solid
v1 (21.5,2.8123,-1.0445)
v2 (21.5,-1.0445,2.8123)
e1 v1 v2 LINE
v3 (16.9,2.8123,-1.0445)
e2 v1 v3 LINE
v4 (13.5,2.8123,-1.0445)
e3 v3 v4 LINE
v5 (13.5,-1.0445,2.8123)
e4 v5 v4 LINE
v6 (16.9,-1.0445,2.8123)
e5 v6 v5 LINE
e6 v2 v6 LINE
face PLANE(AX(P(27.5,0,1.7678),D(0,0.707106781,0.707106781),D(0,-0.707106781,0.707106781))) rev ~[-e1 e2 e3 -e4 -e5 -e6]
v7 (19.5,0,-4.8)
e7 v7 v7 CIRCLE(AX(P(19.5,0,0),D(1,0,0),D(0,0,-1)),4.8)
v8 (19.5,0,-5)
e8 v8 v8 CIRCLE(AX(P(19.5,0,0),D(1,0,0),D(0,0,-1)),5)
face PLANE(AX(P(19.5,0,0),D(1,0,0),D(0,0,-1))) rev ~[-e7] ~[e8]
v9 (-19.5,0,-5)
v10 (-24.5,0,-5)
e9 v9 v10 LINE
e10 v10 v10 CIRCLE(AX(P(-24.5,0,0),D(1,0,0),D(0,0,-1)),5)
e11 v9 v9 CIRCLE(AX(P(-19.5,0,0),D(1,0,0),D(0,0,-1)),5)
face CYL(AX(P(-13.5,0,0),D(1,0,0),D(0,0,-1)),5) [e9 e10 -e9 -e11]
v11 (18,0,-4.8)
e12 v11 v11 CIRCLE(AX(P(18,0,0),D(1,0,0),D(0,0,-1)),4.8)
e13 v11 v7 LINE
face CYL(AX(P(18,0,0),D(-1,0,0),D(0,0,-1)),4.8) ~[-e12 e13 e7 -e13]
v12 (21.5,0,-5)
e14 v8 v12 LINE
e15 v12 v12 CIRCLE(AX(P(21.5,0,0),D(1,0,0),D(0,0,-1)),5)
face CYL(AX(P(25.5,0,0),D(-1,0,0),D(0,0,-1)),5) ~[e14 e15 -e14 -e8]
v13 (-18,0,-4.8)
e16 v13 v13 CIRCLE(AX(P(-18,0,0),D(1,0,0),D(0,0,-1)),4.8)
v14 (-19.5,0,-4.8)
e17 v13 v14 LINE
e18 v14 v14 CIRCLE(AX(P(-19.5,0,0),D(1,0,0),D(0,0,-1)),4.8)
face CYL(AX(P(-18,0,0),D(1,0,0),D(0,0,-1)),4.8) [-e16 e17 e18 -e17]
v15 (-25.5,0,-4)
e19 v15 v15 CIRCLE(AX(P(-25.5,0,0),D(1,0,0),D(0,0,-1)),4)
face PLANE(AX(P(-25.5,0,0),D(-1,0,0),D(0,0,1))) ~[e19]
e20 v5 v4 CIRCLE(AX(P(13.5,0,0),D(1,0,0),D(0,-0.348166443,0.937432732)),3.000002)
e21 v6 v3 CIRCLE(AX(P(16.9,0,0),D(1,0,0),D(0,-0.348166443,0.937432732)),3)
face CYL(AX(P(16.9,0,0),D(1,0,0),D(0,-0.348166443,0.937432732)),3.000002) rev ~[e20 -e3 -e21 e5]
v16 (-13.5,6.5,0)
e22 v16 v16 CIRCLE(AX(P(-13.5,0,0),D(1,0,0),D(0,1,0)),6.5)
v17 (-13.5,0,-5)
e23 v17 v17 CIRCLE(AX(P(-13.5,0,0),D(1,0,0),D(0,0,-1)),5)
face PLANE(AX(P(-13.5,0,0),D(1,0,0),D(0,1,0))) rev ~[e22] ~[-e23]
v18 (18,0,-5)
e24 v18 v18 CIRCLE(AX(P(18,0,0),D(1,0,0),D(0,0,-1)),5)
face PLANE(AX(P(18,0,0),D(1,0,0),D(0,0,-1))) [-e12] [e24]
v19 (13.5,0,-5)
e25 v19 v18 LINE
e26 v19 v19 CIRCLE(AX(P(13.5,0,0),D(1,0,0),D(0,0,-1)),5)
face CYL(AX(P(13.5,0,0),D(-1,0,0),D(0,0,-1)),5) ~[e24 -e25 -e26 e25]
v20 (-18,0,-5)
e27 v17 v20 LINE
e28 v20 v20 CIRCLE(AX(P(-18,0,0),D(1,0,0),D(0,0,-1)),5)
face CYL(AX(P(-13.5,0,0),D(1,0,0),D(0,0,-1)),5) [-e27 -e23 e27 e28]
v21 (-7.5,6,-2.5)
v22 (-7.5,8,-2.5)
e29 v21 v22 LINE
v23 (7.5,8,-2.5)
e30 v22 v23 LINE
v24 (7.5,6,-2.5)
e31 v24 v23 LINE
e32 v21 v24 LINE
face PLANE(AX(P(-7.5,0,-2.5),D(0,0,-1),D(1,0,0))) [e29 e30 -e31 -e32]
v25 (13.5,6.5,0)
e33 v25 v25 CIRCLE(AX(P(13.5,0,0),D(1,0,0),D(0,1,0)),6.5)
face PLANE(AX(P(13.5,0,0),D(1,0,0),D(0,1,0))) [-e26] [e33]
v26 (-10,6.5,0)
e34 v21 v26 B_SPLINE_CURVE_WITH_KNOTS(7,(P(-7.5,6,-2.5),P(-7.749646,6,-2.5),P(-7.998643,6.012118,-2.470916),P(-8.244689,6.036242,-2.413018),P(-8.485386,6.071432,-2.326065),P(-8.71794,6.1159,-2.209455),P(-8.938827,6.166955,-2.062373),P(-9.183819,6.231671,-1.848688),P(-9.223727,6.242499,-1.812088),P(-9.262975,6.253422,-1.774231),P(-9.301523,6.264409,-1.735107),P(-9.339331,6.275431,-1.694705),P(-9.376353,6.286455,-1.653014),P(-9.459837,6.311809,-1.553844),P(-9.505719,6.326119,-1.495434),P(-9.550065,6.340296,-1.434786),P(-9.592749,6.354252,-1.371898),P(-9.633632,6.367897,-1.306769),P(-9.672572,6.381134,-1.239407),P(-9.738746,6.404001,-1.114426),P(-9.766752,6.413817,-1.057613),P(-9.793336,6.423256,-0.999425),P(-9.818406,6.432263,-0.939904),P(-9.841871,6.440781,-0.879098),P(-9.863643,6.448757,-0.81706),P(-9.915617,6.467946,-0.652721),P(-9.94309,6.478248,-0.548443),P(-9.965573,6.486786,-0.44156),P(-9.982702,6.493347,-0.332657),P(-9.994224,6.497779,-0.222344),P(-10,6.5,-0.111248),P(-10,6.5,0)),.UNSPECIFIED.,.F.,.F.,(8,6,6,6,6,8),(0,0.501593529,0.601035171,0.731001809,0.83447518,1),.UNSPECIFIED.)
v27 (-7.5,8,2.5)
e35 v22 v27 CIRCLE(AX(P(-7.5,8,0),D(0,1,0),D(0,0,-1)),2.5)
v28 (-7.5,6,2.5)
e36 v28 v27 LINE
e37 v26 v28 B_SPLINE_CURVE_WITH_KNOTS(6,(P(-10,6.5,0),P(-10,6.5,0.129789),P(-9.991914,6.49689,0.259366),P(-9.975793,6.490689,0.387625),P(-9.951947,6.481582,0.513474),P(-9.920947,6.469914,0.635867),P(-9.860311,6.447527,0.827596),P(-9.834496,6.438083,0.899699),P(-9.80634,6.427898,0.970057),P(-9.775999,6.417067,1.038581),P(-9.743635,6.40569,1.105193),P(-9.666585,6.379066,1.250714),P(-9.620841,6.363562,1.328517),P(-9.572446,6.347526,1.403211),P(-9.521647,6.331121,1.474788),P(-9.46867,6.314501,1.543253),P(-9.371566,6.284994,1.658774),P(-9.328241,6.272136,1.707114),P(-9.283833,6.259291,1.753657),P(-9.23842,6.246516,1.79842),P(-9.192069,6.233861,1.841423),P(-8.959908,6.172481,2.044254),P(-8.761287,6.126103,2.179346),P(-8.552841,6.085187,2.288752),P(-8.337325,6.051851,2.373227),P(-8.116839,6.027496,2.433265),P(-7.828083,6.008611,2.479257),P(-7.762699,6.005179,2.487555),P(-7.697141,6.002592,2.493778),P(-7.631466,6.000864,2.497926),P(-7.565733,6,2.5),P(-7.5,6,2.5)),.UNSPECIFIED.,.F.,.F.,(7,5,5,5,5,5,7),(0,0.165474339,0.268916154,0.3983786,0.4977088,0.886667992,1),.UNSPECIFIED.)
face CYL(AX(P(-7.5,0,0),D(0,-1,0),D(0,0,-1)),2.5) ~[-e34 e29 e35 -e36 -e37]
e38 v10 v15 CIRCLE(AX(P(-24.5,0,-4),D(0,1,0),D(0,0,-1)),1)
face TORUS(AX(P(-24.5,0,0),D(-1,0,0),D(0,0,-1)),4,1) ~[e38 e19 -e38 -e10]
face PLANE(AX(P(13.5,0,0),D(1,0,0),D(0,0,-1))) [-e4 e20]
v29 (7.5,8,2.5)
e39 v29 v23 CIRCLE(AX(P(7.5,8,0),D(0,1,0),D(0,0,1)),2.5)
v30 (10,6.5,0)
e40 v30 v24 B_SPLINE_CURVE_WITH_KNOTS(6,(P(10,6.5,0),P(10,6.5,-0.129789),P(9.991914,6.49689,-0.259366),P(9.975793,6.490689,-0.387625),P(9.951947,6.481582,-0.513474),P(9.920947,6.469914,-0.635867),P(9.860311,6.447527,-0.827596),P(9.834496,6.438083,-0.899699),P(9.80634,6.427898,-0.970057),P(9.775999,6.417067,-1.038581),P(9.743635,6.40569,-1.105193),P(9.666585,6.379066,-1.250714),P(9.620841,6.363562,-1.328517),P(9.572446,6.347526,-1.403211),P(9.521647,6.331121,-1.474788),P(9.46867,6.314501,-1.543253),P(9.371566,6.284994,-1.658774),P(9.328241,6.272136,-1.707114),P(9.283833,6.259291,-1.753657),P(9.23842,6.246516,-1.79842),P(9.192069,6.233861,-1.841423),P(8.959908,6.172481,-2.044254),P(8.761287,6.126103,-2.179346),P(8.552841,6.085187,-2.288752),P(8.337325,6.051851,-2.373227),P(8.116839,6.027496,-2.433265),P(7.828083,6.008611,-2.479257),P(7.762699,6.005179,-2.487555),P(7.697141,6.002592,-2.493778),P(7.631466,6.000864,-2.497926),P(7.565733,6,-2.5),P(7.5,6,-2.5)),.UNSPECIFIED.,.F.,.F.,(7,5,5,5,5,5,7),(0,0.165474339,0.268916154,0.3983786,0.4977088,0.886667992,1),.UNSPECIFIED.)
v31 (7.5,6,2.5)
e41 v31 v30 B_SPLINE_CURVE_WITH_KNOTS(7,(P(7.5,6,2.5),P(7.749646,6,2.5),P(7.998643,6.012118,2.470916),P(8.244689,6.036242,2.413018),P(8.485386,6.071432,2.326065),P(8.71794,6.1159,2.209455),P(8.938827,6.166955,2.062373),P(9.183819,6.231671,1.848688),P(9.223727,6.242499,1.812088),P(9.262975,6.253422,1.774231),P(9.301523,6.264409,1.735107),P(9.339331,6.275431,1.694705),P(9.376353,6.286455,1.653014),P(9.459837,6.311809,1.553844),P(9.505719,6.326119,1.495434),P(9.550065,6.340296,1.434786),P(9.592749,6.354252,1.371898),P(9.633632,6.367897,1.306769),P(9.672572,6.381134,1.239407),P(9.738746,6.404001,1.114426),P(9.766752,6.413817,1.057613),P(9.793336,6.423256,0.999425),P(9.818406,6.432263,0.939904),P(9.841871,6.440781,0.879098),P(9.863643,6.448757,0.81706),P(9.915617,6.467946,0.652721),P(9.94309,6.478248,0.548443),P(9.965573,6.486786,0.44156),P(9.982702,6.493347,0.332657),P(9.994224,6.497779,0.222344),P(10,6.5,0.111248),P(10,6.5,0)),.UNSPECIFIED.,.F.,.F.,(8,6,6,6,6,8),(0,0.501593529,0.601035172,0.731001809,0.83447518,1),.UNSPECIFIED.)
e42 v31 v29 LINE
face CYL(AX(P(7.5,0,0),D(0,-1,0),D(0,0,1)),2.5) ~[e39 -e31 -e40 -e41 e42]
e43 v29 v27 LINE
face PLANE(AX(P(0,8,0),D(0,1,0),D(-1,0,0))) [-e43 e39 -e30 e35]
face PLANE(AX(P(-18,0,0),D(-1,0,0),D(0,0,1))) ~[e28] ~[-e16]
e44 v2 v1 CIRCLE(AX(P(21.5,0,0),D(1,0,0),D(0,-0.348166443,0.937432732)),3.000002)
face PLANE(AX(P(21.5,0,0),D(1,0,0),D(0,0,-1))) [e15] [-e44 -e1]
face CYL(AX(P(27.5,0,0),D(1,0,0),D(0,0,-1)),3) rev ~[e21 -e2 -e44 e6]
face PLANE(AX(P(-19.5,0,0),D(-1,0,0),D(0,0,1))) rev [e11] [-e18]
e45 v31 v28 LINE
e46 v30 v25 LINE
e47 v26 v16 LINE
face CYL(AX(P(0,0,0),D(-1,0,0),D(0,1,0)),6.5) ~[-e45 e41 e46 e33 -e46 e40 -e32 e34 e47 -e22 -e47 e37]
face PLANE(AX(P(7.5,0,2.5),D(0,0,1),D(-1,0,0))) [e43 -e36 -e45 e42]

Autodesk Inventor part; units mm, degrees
ref_plane "YZ Plane" through (0, 0, 0) normal (1, 0, 0) x (0, 1, 0)
ref_plane "XZ Plane" through (0, 0, 0) normal (0, 1, 0) x (-1, 0, 0)
sketch "Sketch1" plane through (0, 0, 0) normal (1, 0, 0) x (0, 1, 0)
  circle A0 centre (0, 0) radius 6.5
  dimension "d0" = 13
extrude "Extrusion1" add sketch "Sketch1" along normal mid plane 27
sketch "Sketch2" plane through (13.5, 0, 0) normal (1, 0, 0) x (0, 0, -1)
  circle A0 centre (0, 0) radius 5
  dimension "d3" = 10
extrude "Extrusion2" add sketch "Sketch2" along normal blind 12
ref_plane "Work Plane1" through (18, 0, 0) normal (1, 0, 0) x (0, 0, -1)
sketch "Sketch3" plane through (18, 0, 0) normal (1, 0, 0) x (0, 0, -1)
  circle A0 centre (0, 0) radius 4.8
  circle A1 centre (0, 0) radius 5 projected
  dimension "d8" = 9.6
extrude "Extrusion3" cut sketch "Sketch3" along normal blind 1.5
mirror "Mirror1" about plane through (0, 0, 0) normal (1, 0, 0) of "Extrusion2", "Extrusion3"
sketch "Sketch4" plane through (0, 0, 0) normal (0, 1, 0) x (-1, 0, 0)
  line L0 (7.5, 0) -> (-7.5, 0) construction
  line L1 (7.5, -2.5) -> (-7.5, -2.5)
  line L2 (-7.5, 2.5) -> (7.5, 2.5)
  arc A0 (7.5, -2.5) -> (7.5, 2.5) centre (7.5, 0) ccw
  arc A1 (-7.5, 2.5) -> (-7.5, -2.5) centre (-7.5, 0) ccw
  point P0 (0, 0)
  point P1 (0, 0)
  point P2 (10, 0)
  point P3 (-10, 0)
  dimension "d11" = 5
  dimension "d12" = 20
  dimension "d13" = 10
  dimension "d14" = 0
extrude "Extrusion4" add sketch "Sketch4" along normal blind 8
fillet "Fillet2" radius 1 1 edges at (-25.5, 0, 5)
sketch "Sketch6" plane through (25.5, 0, 0) normal (1, 0, 0) x (0, 0, -1)
  circle A0 centre (0, 0) radius 5 projected
extrude "Extrusion6" add sketch "Sketch6" along normal blind 2
sketch "Sketch8" plane through (27.5, 0, 0) normal (1, 0, 0) x (0, 0, -1)
  circle A0 centre (0, 0) radius 3
  line L0 (1.0445, 2.8123) -> (-2.8123, -1.0445)
  line L1 (-2.1213, -2.1213) -> (4.9809, 4.9809)
  line L2 (9.1, 0) -> (-9.1, 0) projected
  point P0 (-0.8839, 0.8839)
  dimension "d30" = 6
  dimension "d31" = 45
  dimension "d32" = 1.25
extrude "Extrusion8" cut sketch "Sketch8" against normal blind 10.6 contours L0 L2 L1 A0 | L1 L2 A0 | L0 A0 L1 L2 | L2 L1 A0
sketch "Sketch9" plane through (27.5, 0, 0) normal (1, 0, 0) x (0, 0, -1)
  arc A0 (-2.8123, -1.0445) -> (1.0445, 2.8123) centre (0, 0) ccw projected
  line L0 (-2.8123, -1.0445) -> (1.0445, 2.8123) projected
  circle A1 centre (0, 0) radius 5 projected
extrude "Extrusion9" cut sketch "Sketch9" against normal blind 4.6
sketch "Sketch10" plane through (22.9, 0, 0) normal (1, 0, 0) x (0, 0, -1)
  circle A0 centre (0, 0) radius 5 projected
  line L0 (1.0445, 2.8123) -> (-2.8123, -1.0445) projected
  arc A1 (-2.8123, -1.0445) -> (1.0445, 2.8123) centre (0, 0) ccw projected
extrude "Extrusion10" cut sketch "Sketch10" against normal blind 1.4
sketch "Sketch11" plane through (16.9, 0, 0) normal (1, 0, 0) x (0, 0, -1)
  line L0 (-2.8123, -1.0445) -> (1.0445, 2.8123) projected
  arc A0 (-2.8123, -1.0445) -> (1.0445, 2.8123) centre (0, 0) ccw projected
extrude "Extrusion11" cut sketch "Sketch11" against normal up to surface (3.4 mm away)
properties part number "Shaft between link2 and 3"
